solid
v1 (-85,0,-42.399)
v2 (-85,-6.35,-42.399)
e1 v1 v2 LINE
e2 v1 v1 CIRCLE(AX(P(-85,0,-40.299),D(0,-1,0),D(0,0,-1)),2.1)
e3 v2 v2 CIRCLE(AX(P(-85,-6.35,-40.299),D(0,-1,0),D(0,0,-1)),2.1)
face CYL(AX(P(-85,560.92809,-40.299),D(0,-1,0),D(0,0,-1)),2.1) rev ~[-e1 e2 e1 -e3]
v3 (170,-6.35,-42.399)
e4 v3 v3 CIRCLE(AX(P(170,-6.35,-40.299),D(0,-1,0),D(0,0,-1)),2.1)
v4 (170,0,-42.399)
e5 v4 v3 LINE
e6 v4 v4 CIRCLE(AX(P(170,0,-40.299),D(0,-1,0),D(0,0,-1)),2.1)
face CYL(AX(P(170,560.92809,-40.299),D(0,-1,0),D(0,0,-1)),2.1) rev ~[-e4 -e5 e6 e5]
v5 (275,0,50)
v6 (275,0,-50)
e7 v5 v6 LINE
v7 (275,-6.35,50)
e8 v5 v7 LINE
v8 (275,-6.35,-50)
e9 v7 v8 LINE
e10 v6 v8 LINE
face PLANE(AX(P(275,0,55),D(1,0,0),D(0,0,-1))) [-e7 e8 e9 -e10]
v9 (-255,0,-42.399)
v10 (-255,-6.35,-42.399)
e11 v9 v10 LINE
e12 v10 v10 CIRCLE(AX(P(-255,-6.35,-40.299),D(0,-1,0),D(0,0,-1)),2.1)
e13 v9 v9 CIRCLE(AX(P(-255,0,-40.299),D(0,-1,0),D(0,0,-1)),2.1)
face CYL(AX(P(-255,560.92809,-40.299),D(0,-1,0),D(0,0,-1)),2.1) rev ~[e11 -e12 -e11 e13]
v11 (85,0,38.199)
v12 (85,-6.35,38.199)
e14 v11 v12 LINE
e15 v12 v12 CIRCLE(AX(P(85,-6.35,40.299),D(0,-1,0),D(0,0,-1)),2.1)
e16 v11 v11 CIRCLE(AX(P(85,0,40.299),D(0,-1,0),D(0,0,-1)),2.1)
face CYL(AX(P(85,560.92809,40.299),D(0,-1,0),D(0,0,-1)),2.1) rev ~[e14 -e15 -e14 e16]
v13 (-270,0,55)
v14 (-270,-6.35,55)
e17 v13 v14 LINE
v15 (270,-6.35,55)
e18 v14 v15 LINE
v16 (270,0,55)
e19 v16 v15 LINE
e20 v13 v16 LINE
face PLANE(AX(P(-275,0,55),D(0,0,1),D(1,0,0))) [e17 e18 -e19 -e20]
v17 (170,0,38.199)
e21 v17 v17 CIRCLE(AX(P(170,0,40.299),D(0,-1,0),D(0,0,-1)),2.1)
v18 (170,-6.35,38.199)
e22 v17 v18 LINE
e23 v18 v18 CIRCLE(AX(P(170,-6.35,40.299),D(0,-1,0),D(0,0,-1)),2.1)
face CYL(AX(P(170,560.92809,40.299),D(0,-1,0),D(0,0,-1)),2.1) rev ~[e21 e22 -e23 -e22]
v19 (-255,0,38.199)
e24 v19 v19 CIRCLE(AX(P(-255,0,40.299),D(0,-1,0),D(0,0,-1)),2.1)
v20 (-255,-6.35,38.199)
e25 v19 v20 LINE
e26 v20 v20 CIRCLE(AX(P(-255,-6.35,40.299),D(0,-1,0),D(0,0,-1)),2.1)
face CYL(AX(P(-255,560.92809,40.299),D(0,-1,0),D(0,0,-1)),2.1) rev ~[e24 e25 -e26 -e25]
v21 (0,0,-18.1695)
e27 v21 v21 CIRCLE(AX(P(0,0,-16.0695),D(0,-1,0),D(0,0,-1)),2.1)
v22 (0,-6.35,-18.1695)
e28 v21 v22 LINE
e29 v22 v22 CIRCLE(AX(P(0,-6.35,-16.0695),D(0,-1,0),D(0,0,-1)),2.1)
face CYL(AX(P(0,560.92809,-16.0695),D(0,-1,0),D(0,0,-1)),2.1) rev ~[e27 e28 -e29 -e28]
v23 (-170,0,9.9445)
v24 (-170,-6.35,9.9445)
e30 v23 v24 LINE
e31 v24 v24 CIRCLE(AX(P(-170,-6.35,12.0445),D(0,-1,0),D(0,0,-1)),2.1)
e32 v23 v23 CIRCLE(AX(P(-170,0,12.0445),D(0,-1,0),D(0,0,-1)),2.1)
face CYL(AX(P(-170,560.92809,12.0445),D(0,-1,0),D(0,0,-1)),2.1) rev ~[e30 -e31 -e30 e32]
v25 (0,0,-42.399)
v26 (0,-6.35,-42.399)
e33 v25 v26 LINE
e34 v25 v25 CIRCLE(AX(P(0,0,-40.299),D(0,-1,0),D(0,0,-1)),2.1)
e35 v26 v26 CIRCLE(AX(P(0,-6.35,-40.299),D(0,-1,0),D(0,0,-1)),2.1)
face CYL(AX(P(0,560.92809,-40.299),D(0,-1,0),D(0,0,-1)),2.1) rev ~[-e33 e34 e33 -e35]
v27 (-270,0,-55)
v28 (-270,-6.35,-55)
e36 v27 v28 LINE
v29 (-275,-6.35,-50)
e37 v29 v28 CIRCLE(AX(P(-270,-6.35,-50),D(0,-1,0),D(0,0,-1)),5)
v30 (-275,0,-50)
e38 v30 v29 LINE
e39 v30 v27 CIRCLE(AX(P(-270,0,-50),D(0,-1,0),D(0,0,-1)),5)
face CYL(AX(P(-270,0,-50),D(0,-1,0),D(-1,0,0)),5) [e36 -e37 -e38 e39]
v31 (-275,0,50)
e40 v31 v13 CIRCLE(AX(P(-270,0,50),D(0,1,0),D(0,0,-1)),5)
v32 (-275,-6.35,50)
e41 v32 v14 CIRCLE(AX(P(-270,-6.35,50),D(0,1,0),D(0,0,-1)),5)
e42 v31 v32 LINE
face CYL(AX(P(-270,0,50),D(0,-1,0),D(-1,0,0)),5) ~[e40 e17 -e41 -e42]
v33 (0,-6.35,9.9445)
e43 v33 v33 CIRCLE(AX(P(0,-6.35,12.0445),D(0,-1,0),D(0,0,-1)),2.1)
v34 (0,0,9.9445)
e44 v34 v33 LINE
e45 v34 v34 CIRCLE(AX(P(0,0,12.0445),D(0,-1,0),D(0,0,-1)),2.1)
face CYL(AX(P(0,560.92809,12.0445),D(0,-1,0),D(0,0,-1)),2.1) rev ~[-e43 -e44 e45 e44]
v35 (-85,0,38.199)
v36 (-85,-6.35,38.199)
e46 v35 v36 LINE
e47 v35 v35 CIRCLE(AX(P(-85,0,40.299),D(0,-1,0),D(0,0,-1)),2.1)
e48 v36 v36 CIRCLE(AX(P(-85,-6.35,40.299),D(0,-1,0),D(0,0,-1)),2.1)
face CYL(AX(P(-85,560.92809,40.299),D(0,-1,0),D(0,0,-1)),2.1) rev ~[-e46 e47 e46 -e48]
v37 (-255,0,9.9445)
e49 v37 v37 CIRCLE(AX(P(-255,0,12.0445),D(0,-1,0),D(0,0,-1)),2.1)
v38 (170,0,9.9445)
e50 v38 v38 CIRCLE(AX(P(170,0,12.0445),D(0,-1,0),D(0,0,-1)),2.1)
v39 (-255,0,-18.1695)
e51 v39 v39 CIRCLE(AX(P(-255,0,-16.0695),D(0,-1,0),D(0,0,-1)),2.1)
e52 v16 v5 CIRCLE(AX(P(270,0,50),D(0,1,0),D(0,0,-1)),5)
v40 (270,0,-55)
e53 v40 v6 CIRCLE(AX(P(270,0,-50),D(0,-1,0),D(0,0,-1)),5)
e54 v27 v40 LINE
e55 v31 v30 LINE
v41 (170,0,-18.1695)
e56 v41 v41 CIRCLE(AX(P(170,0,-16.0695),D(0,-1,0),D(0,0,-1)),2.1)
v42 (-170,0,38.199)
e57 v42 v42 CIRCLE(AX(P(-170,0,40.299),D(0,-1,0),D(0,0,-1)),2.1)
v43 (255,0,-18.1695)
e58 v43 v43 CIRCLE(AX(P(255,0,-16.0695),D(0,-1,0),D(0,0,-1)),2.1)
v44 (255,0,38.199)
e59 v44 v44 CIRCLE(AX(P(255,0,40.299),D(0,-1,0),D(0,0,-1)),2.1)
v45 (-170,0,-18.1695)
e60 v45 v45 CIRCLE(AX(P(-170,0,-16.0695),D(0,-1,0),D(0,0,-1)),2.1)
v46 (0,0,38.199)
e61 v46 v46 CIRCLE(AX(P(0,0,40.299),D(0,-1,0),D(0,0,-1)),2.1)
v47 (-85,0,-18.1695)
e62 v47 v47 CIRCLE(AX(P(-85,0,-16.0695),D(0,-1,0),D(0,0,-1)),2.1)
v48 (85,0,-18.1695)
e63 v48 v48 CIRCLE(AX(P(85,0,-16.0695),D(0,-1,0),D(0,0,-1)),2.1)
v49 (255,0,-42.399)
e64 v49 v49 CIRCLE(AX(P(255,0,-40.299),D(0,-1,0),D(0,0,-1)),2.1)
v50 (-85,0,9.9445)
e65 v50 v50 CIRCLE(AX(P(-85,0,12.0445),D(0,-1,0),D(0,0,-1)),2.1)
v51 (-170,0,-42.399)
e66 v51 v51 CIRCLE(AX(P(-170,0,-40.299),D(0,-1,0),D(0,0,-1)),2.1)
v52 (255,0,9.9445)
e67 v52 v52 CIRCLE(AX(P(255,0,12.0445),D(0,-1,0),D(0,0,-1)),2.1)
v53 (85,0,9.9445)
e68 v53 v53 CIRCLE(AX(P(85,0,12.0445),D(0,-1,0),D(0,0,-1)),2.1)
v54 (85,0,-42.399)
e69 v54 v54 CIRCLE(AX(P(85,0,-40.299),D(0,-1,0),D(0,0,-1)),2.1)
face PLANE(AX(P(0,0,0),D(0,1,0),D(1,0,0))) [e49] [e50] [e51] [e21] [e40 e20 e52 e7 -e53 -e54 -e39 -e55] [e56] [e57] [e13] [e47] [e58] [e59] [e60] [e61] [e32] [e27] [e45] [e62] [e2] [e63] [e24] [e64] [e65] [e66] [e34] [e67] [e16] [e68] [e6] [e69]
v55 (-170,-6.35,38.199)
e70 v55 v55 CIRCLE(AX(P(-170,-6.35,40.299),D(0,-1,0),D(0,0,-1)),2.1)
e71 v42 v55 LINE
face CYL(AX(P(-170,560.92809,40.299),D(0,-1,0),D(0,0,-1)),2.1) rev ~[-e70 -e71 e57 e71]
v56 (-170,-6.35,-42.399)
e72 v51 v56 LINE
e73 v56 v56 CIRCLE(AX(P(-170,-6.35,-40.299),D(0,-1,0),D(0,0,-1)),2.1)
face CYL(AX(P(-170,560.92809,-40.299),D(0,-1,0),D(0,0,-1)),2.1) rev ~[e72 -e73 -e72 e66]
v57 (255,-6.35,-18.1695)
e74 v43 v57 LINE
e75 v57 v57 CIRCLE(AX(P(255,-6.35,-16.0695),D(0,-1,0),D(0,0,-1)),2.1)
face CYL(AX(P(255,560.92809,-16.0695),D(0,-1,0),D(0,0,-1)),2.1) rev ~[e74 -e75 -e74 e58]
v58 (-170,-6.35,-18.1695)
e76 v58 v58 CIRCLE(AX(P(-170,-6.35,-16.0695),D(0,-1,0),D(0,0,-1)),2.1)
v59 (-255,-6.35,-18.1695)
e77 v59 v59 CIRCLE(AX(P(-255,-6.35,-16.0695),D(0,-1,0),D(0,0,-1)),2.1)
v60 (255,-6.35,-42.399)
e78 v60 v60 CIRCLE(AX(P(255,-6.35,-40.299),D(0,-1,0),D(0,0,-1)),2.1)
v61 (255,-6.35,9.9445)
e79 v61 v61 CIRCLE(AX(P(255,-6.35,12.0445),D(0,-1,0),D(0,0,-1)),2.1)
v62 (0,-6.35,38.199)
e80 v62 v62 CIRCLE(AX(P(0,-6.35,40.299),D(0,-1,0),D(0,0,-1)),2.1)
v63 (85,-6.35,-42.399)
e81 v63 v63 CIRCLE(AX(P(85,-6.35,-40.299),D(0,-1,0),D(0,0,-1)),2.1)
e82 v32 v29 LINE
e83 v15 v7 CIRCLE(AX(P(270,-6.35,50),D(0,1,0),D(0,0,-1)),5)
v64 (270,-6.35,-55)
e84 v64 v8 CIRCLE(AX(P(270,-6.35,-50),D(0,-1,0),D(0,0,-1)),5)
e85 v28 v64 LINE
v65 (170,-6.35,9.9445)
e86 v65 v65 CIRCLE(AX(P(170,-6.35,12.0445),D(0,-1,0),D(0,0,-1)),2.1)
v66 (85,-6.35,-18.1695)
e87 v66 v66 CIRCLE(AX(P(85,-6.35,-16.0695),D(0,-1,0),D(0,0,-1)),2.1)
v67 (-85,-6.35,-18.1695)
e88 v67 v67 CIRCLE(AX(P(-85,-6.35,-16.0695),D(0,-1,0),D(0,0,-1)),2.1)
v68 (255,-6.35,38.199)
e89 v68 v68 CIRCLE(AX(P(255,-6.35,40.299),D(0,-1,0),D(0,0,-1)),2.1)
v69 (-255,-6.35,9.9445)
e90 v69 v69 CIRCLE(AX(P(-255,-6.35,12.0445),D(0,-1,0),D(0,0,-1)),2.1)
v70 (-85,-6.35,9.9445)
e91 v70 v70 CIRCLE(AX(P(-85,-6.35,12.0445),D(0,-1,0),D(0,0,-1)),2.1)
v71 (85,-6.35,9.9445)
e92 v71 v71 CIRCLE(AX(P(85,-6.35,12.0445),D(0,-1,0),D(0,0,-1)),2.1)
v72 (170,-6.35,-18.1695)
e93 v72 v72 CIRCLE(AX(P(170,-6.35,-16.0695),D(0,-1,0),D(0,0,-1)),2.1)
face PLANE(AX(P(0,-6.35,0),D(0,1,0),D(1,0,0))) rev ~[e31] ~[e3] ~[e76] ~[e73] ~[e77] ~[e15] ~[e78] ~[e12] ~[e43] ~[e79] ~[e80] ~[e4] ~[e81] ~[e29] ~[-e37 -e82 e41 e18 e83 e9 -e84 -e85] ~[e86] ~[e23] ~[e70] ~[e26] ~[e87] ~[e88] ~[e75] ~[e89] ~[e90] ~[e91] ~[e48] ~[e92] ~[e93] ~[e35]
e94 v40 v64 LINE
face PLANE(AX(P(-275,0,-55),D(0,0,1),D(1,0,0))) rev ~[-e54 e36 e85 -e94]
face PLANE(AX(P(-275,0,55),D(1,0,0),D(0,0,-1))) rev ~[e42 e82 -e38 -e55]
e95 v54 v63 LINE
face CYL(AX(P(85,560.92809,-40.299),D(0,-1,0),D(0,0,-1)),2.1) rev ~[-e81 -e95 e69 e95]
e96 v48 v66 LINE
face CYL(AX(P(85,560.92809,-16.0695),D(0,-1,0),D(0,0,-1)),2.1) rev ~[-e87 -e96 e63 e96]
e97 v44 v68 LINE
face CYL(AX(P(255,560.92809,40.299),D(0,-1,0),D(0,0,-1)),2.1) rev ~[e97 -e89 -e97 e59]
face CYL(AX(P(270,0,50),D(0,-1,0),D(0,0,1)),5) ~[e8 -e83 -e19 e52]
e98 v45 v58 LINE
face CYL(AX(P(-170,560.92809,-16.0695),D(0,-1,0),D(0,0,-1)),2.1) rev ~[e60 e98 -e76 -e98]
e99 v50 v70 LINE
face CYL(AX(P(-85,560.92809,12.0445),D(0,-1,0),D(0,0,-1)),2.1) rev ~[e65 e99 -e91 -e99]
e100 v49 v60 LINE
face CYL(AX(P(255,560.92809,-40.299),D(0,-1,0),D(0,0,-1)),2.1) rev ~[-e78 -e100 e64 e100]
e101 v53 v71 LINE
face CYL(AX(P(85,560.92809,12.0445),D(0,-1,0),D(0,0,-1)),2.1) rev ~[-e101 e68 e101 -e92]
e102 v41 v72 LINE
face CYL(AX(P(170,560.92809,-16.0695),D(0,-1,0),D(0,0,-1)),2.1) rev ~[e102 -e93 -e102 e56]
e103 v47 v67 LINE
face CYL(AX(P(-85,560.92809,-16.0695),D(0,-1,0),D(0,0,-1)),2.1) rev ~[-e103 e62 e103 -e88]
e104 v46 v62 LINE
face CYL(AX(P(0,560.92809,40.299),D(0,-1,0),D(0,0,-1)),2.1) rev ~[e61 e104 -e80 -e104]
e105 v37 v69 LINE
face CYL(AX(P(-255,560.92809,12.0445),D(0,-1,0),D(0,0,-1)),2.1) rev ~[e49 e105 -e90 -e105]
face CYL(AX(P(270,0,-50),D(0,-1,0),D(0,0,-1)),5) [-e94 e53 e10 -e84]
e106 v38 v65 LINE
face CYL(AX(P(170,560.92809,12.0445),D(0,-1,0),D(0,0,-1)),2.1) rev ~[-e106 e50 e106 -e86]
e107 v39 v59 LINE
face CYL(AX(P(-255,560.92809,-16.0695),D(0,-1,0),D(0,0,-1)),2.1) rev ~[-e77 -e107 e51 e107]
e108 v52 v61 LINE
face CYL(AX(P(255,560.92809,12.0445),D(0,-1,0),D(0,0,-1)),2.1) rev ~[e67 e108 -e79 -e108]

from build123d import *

# Parameters (mm, degrees)
SKETCH1_W                   = 550
SKETCH1_H                   = 110
BOSS_EXTRUDE1_DEPTH         = 6.35
TAP_DRILL_FOR_M5X0_8_TAP1_D = 4.2
LPATTERN1_COUNT             = 4
LPATTERN1_PITCH             = 85
LPATTERN1_COL_COUNT         = 4
LPATTERN1_COL_PITCH         = 85
FILLET1_R                   = 5


with BuildPart() as part:
    # Sketch1 → Boss-Extrude1 (new body)
    with BuildSketch(Plane(origin=(0, 0, 0), x_dir=(1, 0, 0), z_dir=(0, 1, 0))):
        Rectangle(SKETCH1_W, SKETCH1_H)
    extrude(amount=-BOSS_EXTRUDE1_DEPTH)

    # Tap Drill for M5x0.8 Tap1 (through all)
    with Locations(Plane(origin=(0, 0, -40.299), x_dir=(0, 0, 1), z_dir=(0, 1, 0))):
        with Locations((0, 0), (24.2295, 0), (52.3435, 0), (80.598, 0)):
            tap_drill_for_m5x0_8_tap1 = Hole(TAP_DRILL_FOR_M5X0_8_TAP1_D / 2)

    # LPattern1: Tap Drill for M5x0.8 Tap1 ×4
    with Locations(*[(i * LPATTERN1_PITCH, 0, 0) for i in range(1, LPATTERN1_COUNT)]):
        add(tap_drill_for_m5x0_8_tap1, mode=Mode.SUBTRACT)

    # LPattern1 col: Tap Drill for M5x0.8 Tap1 ×4
    with Locations(*[(-i * LPATTERN1_COL_PITCH, 0, 0) for i in range(1, LPATTERN1_COL_COUNT)]):
        add(tap_drill_for_m5x0_8_tap1, mode=Mode.SUBTRACT)

    # Fillet1
    fillet1_edges = [part.edges().sort_by_distance(p)[0] for p in [
        (-275, -3.175, -55),
        (275, -3.175, -55),
        (275, -3.175, 55),
        (-275, -3.175, 55),
    ]]
    fillet(fillet1_edges, radius=FILLET1_R)


solid = part.part
